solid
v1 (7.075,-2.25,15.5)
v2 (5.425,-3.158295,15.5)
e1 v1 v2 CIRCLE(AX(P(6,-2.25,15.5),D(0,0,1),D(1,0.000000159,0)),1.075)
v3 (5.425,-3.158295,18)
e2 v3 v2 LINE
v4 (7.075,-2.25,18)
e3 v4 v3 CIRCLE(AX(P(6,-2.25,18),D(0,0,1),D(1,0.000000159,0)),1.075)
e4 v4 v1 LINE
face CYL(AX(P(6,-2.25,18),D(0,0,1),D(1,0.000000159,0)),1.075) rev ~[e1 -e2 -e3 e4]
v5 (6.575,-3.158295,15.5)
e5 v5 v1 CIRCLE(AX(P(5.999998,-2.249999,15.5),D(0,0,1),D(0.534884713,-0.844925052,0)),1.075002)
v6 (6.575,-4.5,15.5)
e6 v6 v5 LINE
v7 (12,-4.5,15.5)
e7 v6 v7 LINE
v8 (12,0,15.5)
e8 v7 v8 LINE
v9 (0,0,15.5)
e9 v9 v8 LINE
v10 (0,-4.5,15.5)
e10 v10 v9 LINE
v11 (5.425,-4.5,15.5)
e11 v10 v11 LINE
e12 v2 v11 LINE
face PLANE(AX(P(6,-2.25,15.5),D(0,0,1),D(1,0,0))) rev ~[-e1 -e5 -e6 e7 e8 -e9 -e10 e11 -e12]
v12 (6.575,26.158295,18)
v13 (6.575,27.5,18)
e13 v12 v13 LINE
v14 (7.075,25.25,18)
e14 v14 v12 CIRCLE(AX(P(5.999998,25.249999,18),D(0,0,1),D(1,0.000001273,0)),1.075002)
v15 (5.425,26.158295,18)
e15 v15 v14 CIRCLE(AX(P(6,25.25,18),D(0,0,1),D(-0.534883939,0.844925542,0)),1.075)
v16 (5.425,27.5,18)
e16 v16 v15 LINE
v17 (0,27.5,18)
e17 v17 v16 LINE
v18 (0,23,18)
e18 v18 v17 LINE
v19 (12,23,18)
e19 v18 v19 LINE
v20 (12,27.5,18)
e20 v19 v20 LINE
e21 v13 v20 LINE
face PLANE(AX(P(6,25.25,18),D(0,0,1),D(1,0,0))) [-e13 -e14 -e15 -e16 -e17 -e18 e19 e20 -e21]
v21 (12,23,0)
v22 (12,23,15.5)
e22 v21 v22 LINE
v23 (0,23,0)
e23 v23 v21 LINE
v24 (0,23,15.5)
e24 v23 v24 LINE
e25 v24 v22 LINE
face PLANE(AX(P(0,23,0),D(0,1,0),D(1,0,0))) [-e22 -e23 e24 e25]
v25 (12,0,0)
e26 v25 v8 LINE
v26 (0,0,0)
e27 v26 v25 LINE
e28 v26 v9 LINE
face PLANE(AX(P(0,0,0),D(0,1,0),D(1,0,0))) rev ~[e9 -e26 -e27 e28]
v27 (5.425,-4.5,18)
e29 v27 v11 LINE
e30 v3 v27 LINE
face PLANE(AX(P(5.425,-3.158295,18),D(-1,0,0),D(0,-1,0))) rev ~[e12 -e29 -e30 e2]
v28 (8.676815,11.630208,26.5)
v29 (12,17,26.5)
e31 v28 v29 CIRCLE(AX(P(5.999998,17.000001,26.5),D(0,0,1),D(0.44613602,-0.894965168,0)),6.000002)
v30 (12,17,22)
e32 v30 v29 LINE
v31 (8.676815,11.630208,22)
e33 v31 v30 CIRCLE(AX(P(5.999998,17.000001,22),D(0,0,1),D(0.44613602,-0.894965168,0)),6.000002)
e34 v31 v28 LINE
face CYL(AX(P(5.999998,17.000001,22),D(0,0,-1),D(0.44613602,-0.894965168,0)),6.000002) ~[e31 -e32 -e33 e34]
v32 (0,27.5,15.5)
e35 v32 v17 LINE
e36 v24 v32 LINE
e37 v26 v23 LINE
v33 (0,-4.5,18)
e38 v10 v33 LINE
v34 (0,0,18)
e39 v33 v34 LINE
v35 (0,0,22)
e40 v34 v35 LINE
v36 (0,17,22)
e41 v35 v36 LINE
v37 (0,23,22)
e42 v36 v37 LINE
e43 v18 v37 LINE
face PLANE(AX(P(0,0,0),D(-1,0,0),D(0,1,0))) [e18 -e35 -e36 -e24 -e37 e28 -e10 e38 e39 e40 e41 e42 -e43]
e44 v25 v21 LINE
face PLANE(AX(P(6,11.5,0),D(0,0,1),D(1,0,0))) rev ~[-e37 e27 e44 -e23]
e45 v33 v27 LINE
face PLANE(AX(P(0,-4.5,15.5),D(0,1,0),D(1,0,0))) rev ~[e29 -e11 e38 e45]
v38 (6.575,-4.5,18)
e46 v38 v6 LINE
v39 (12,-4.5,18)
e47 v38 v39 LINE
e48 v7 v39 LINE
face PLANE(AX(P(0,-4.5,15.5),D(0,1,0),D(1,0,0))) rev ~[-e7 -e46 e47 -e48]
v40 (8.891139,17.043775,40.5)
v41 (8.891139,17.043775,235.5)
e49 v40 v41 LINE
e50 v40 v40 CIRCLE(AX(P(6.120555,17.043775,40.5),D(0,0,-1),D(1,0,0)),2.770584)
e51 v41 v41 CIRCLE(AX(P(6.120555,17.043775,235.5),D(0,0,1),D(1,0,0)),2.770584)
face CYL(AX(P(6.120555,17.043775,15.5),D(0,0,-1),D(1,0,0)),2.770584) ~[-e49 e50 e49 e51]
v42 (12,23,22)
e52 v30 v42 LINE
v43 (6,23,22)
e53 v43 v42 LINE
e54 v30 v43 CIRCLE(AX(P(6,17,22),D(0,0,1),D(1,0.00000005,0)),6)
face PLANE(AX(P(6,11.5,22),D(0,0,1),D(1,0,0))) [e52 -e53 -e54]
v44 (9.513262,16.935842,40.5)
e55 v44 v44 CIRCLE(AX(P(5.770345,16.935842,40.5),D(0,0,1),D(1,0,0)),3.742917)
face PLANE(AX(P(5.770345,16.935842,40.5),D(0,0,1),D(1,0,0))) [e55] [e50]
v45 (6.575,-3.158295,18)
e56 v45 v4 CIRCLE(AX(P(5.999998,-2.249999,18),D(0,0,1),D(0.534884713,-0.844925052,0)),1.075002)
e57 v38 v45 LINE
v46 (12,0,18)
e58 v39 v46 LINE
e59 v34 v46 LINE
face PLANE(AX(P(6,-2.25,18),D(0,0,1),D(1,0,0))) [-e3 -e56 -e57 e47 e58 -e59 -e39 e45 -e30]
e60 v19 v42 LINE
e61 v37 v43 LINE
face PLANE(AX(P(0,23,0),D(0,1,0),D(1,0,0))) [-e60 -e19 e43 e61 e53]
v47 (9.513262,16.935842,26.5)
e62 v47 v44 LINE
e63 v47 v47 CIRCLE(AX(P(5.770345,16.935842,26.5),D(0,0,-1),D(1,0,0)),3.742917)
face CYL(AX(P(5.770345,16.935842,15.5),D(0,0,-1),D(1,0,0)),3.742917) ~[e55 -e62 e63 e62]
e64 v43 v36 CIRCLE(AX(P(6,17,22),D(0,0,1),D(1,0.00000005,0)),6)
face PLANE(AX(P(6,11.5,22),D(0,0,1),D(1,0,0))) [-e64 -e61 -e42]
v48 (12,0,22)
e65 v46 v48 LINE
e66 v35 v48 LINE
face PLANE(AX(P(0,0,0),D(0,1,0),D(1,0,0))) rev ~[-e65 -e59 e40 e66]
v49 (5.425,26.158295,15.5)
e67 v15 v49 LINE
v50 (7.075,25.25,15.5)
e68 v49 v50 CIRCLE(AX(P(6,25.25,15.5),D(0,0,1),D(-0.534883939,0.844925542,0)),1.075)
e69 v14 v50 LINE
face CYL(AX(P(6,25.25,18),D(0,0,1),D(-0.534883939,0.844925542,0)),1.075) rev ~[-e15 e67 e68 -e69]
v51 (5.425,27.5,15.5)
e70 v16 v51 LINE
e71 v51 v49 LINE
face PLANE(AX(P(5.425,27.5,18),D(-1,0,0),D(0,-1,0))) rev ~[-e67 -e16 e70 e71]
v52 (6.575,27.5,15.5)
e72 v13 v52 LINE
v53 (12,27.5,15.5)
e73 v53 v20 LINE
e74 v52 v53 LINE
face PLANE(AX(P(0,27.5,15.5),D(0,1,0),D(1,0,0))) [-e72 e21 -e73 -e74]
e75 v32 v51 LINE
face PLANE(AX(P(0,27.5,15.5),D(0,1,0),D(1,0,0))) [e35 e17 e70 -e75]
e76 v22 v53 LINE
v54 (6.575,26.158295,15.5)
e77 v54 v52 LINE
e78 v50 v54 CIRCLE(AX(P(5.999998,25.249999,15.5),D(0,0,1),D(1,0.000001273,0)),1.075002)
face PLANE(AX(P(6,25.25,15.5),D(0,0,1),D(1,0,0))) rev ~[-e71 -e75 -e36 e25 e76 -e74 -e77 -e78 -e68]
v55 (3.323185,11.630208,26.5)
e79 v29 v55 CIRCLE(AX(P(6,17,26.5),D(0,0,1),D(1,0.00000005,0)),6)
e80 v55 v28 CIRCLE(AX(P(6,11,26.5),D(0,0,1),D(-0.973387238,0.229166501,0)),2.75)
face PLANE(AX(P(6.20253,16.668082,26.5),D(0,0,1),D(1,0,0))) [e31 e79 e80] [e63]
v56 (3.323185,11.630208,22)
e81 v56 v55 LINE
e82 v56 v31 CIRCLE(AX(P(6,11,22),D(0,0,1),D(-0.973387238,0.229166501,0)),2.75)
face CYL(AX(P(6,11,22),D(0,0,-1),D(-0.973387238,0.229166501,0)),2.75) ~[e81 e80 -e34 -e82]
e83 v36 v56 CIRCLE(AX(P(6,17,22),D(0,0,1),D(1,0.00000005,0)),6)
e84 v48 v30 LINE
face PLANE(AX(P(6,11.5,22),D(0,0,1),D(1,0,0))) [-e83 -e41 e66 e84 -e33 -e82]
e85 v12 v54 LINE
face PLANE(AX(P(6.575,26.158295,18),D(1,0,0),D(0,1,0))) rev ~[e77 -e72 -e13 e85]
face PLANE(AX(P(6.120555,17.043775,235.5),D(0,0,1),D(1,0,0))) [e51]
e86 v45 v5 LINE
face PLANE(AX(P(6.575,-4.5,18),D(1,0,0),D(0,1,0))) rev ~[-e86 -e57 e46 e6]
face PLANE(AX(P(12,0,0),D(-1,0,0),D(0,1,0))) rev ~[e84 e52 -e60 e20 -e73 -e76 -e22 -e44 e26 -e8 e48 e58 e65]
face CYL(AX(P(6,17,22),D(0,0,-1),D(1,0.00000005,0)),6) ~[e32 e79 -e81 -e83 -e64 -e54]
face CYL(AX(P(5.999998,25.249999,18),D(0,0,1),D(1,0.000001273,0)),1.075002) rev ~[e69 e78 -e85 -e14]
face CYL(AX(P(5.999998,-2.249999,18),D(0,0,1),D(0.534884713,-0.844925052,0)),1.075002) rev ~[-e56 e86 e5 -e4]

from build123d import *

# Parameters (mm, degrees)
F0_W      = 12
F0_H      = 23
F1_DEPTH  = 22
F3_W      = 12
F3_H      = 4.5
F4_DEPTH  = 2.5
F6_DEPTH  = 18.001
F8_DEPTH  = 4.5
F9_R      = 2.425
F10_DEPTH = 3
F11_R     = 3.742917
F12_DEPTH = 25
F13_R     = 2.770584
F14_DEPTH = 220


with BuildPart() as f1:
    # F0 (on Top) → F1 (new body)
    with BuildSketch(Plane.XY):
        with Locations((6, 11.5)):
            Rectangle(F0_W, F0_H)
    extrude(amount=F1_DEPTH)

    # F3 (on offset) → F4 (join)
    with BuildSketch(Plane.XY.offset(15.5)):
        with Locations((6, 25.25)):
            Rectangle(F3_W, F3_H)
        with Locations((6, -2.25)):
            Rectangle(F3_W, F3_H)
    extrude(amount=F4_DEPTH)

    # F5 (on face) → F6 (cut, through all)
    with BuildSketch(Plane.XY.offset(18)):
        with BuildLine():
            ThreePointArc((5.425, 26.158295), (5.481589, 24.30826), (7.075, 25.25))
            ThreePointArc((7.075, 25.25), (6.94174, 25.768411), (6.575, 26.158295))
            ThreePointArc((6.575, 26.158295), (6, 26.325), (5.425, 26.158295))
        make_face()
        with BuildLine():
            ThreePointArc((5.425, 26.158295), (6, 26.325), (6.575, 26.158295))
            Line((6.575, 26.158295), (6.575, 27.5))
            Line((6.575, 27.5), (5.425, 27.5))
            Line((5.425, 27.5), (5.425, 26.158295))
        make_face()
        with BuildLine():
            Line((5.425, -4.5), (6.575, -4.5))
            Line((6.575, -4.5), (6.575, -3.158295))
            ThreePointArc((6.575, -3.158295), (6, -3.325), (5.425, -3.158295))
            Line((5.425, -3.158295), (5.425, -4.5))
        make_face()
        with BuildLine():
            ThreePointArc((5.425, -3.158295), (6, -3.325), (6.575, -3.158295))
            ThreePointArc((6.575, -3.158295), (6.94174, -2.768411), (7.075, -2.25))
            ThreePointArc((7.075, -2.25), (5.481589, -1.30826), (5.425, -3.158295))
        make_face()
    extrude(amount=-F6_DEPTH, mode=Mode.SUBTRACT)

    # F7 (on face) → F8 (join)
    with BuildSketch(Plane.XY.offset(22)):
        with BuildLine():
            ThreePointArc((8.676815, 11.630208), (11.102004, 13.84254), (12, 17))
            ThreePointArc((12, 17), (2.84254, 22.102004), (3.323185, 11.630208))
            ThreePointArc((3.323185, 11.630208), (6, 11), (8.676815, 11.630208))
        make_face()
        with BuildLine():
            ThreePointArc((8.676815, 11.630208), (6, 11), (3.323185, 11.630208))
            ThreePointArc((3.323185, 11.630208), (6, 8.25), (8.676815, 11.630208))
        make_face()
    extrude(amount=F8_DEPTH)

    # F9 (on face) → F10 (join)
    with BuildSketch(Plane.XY.offset(26.5)):
        with Locations((6, 17)):
            Circle(F9_R)
    extrude(amount=F10_DEPTH)

    # F11 (on offset) → F12 (join)
    with BuildSketch(Plane.XY.offset(15.5)):
        with Locations((5.770345, 16.935842)):
            Circle(F11_R)
    extrude(amount=F12_DEPTH)

    # F13 (on offset) → F14 (join)
    with BuildSketch(Plane.XY.offset(15.5)):
        with Locations((6.120555, 17.043775)):
            Circle(F13_R)
    extrude(amount=F14_DEPTH)


solid = f1.part
